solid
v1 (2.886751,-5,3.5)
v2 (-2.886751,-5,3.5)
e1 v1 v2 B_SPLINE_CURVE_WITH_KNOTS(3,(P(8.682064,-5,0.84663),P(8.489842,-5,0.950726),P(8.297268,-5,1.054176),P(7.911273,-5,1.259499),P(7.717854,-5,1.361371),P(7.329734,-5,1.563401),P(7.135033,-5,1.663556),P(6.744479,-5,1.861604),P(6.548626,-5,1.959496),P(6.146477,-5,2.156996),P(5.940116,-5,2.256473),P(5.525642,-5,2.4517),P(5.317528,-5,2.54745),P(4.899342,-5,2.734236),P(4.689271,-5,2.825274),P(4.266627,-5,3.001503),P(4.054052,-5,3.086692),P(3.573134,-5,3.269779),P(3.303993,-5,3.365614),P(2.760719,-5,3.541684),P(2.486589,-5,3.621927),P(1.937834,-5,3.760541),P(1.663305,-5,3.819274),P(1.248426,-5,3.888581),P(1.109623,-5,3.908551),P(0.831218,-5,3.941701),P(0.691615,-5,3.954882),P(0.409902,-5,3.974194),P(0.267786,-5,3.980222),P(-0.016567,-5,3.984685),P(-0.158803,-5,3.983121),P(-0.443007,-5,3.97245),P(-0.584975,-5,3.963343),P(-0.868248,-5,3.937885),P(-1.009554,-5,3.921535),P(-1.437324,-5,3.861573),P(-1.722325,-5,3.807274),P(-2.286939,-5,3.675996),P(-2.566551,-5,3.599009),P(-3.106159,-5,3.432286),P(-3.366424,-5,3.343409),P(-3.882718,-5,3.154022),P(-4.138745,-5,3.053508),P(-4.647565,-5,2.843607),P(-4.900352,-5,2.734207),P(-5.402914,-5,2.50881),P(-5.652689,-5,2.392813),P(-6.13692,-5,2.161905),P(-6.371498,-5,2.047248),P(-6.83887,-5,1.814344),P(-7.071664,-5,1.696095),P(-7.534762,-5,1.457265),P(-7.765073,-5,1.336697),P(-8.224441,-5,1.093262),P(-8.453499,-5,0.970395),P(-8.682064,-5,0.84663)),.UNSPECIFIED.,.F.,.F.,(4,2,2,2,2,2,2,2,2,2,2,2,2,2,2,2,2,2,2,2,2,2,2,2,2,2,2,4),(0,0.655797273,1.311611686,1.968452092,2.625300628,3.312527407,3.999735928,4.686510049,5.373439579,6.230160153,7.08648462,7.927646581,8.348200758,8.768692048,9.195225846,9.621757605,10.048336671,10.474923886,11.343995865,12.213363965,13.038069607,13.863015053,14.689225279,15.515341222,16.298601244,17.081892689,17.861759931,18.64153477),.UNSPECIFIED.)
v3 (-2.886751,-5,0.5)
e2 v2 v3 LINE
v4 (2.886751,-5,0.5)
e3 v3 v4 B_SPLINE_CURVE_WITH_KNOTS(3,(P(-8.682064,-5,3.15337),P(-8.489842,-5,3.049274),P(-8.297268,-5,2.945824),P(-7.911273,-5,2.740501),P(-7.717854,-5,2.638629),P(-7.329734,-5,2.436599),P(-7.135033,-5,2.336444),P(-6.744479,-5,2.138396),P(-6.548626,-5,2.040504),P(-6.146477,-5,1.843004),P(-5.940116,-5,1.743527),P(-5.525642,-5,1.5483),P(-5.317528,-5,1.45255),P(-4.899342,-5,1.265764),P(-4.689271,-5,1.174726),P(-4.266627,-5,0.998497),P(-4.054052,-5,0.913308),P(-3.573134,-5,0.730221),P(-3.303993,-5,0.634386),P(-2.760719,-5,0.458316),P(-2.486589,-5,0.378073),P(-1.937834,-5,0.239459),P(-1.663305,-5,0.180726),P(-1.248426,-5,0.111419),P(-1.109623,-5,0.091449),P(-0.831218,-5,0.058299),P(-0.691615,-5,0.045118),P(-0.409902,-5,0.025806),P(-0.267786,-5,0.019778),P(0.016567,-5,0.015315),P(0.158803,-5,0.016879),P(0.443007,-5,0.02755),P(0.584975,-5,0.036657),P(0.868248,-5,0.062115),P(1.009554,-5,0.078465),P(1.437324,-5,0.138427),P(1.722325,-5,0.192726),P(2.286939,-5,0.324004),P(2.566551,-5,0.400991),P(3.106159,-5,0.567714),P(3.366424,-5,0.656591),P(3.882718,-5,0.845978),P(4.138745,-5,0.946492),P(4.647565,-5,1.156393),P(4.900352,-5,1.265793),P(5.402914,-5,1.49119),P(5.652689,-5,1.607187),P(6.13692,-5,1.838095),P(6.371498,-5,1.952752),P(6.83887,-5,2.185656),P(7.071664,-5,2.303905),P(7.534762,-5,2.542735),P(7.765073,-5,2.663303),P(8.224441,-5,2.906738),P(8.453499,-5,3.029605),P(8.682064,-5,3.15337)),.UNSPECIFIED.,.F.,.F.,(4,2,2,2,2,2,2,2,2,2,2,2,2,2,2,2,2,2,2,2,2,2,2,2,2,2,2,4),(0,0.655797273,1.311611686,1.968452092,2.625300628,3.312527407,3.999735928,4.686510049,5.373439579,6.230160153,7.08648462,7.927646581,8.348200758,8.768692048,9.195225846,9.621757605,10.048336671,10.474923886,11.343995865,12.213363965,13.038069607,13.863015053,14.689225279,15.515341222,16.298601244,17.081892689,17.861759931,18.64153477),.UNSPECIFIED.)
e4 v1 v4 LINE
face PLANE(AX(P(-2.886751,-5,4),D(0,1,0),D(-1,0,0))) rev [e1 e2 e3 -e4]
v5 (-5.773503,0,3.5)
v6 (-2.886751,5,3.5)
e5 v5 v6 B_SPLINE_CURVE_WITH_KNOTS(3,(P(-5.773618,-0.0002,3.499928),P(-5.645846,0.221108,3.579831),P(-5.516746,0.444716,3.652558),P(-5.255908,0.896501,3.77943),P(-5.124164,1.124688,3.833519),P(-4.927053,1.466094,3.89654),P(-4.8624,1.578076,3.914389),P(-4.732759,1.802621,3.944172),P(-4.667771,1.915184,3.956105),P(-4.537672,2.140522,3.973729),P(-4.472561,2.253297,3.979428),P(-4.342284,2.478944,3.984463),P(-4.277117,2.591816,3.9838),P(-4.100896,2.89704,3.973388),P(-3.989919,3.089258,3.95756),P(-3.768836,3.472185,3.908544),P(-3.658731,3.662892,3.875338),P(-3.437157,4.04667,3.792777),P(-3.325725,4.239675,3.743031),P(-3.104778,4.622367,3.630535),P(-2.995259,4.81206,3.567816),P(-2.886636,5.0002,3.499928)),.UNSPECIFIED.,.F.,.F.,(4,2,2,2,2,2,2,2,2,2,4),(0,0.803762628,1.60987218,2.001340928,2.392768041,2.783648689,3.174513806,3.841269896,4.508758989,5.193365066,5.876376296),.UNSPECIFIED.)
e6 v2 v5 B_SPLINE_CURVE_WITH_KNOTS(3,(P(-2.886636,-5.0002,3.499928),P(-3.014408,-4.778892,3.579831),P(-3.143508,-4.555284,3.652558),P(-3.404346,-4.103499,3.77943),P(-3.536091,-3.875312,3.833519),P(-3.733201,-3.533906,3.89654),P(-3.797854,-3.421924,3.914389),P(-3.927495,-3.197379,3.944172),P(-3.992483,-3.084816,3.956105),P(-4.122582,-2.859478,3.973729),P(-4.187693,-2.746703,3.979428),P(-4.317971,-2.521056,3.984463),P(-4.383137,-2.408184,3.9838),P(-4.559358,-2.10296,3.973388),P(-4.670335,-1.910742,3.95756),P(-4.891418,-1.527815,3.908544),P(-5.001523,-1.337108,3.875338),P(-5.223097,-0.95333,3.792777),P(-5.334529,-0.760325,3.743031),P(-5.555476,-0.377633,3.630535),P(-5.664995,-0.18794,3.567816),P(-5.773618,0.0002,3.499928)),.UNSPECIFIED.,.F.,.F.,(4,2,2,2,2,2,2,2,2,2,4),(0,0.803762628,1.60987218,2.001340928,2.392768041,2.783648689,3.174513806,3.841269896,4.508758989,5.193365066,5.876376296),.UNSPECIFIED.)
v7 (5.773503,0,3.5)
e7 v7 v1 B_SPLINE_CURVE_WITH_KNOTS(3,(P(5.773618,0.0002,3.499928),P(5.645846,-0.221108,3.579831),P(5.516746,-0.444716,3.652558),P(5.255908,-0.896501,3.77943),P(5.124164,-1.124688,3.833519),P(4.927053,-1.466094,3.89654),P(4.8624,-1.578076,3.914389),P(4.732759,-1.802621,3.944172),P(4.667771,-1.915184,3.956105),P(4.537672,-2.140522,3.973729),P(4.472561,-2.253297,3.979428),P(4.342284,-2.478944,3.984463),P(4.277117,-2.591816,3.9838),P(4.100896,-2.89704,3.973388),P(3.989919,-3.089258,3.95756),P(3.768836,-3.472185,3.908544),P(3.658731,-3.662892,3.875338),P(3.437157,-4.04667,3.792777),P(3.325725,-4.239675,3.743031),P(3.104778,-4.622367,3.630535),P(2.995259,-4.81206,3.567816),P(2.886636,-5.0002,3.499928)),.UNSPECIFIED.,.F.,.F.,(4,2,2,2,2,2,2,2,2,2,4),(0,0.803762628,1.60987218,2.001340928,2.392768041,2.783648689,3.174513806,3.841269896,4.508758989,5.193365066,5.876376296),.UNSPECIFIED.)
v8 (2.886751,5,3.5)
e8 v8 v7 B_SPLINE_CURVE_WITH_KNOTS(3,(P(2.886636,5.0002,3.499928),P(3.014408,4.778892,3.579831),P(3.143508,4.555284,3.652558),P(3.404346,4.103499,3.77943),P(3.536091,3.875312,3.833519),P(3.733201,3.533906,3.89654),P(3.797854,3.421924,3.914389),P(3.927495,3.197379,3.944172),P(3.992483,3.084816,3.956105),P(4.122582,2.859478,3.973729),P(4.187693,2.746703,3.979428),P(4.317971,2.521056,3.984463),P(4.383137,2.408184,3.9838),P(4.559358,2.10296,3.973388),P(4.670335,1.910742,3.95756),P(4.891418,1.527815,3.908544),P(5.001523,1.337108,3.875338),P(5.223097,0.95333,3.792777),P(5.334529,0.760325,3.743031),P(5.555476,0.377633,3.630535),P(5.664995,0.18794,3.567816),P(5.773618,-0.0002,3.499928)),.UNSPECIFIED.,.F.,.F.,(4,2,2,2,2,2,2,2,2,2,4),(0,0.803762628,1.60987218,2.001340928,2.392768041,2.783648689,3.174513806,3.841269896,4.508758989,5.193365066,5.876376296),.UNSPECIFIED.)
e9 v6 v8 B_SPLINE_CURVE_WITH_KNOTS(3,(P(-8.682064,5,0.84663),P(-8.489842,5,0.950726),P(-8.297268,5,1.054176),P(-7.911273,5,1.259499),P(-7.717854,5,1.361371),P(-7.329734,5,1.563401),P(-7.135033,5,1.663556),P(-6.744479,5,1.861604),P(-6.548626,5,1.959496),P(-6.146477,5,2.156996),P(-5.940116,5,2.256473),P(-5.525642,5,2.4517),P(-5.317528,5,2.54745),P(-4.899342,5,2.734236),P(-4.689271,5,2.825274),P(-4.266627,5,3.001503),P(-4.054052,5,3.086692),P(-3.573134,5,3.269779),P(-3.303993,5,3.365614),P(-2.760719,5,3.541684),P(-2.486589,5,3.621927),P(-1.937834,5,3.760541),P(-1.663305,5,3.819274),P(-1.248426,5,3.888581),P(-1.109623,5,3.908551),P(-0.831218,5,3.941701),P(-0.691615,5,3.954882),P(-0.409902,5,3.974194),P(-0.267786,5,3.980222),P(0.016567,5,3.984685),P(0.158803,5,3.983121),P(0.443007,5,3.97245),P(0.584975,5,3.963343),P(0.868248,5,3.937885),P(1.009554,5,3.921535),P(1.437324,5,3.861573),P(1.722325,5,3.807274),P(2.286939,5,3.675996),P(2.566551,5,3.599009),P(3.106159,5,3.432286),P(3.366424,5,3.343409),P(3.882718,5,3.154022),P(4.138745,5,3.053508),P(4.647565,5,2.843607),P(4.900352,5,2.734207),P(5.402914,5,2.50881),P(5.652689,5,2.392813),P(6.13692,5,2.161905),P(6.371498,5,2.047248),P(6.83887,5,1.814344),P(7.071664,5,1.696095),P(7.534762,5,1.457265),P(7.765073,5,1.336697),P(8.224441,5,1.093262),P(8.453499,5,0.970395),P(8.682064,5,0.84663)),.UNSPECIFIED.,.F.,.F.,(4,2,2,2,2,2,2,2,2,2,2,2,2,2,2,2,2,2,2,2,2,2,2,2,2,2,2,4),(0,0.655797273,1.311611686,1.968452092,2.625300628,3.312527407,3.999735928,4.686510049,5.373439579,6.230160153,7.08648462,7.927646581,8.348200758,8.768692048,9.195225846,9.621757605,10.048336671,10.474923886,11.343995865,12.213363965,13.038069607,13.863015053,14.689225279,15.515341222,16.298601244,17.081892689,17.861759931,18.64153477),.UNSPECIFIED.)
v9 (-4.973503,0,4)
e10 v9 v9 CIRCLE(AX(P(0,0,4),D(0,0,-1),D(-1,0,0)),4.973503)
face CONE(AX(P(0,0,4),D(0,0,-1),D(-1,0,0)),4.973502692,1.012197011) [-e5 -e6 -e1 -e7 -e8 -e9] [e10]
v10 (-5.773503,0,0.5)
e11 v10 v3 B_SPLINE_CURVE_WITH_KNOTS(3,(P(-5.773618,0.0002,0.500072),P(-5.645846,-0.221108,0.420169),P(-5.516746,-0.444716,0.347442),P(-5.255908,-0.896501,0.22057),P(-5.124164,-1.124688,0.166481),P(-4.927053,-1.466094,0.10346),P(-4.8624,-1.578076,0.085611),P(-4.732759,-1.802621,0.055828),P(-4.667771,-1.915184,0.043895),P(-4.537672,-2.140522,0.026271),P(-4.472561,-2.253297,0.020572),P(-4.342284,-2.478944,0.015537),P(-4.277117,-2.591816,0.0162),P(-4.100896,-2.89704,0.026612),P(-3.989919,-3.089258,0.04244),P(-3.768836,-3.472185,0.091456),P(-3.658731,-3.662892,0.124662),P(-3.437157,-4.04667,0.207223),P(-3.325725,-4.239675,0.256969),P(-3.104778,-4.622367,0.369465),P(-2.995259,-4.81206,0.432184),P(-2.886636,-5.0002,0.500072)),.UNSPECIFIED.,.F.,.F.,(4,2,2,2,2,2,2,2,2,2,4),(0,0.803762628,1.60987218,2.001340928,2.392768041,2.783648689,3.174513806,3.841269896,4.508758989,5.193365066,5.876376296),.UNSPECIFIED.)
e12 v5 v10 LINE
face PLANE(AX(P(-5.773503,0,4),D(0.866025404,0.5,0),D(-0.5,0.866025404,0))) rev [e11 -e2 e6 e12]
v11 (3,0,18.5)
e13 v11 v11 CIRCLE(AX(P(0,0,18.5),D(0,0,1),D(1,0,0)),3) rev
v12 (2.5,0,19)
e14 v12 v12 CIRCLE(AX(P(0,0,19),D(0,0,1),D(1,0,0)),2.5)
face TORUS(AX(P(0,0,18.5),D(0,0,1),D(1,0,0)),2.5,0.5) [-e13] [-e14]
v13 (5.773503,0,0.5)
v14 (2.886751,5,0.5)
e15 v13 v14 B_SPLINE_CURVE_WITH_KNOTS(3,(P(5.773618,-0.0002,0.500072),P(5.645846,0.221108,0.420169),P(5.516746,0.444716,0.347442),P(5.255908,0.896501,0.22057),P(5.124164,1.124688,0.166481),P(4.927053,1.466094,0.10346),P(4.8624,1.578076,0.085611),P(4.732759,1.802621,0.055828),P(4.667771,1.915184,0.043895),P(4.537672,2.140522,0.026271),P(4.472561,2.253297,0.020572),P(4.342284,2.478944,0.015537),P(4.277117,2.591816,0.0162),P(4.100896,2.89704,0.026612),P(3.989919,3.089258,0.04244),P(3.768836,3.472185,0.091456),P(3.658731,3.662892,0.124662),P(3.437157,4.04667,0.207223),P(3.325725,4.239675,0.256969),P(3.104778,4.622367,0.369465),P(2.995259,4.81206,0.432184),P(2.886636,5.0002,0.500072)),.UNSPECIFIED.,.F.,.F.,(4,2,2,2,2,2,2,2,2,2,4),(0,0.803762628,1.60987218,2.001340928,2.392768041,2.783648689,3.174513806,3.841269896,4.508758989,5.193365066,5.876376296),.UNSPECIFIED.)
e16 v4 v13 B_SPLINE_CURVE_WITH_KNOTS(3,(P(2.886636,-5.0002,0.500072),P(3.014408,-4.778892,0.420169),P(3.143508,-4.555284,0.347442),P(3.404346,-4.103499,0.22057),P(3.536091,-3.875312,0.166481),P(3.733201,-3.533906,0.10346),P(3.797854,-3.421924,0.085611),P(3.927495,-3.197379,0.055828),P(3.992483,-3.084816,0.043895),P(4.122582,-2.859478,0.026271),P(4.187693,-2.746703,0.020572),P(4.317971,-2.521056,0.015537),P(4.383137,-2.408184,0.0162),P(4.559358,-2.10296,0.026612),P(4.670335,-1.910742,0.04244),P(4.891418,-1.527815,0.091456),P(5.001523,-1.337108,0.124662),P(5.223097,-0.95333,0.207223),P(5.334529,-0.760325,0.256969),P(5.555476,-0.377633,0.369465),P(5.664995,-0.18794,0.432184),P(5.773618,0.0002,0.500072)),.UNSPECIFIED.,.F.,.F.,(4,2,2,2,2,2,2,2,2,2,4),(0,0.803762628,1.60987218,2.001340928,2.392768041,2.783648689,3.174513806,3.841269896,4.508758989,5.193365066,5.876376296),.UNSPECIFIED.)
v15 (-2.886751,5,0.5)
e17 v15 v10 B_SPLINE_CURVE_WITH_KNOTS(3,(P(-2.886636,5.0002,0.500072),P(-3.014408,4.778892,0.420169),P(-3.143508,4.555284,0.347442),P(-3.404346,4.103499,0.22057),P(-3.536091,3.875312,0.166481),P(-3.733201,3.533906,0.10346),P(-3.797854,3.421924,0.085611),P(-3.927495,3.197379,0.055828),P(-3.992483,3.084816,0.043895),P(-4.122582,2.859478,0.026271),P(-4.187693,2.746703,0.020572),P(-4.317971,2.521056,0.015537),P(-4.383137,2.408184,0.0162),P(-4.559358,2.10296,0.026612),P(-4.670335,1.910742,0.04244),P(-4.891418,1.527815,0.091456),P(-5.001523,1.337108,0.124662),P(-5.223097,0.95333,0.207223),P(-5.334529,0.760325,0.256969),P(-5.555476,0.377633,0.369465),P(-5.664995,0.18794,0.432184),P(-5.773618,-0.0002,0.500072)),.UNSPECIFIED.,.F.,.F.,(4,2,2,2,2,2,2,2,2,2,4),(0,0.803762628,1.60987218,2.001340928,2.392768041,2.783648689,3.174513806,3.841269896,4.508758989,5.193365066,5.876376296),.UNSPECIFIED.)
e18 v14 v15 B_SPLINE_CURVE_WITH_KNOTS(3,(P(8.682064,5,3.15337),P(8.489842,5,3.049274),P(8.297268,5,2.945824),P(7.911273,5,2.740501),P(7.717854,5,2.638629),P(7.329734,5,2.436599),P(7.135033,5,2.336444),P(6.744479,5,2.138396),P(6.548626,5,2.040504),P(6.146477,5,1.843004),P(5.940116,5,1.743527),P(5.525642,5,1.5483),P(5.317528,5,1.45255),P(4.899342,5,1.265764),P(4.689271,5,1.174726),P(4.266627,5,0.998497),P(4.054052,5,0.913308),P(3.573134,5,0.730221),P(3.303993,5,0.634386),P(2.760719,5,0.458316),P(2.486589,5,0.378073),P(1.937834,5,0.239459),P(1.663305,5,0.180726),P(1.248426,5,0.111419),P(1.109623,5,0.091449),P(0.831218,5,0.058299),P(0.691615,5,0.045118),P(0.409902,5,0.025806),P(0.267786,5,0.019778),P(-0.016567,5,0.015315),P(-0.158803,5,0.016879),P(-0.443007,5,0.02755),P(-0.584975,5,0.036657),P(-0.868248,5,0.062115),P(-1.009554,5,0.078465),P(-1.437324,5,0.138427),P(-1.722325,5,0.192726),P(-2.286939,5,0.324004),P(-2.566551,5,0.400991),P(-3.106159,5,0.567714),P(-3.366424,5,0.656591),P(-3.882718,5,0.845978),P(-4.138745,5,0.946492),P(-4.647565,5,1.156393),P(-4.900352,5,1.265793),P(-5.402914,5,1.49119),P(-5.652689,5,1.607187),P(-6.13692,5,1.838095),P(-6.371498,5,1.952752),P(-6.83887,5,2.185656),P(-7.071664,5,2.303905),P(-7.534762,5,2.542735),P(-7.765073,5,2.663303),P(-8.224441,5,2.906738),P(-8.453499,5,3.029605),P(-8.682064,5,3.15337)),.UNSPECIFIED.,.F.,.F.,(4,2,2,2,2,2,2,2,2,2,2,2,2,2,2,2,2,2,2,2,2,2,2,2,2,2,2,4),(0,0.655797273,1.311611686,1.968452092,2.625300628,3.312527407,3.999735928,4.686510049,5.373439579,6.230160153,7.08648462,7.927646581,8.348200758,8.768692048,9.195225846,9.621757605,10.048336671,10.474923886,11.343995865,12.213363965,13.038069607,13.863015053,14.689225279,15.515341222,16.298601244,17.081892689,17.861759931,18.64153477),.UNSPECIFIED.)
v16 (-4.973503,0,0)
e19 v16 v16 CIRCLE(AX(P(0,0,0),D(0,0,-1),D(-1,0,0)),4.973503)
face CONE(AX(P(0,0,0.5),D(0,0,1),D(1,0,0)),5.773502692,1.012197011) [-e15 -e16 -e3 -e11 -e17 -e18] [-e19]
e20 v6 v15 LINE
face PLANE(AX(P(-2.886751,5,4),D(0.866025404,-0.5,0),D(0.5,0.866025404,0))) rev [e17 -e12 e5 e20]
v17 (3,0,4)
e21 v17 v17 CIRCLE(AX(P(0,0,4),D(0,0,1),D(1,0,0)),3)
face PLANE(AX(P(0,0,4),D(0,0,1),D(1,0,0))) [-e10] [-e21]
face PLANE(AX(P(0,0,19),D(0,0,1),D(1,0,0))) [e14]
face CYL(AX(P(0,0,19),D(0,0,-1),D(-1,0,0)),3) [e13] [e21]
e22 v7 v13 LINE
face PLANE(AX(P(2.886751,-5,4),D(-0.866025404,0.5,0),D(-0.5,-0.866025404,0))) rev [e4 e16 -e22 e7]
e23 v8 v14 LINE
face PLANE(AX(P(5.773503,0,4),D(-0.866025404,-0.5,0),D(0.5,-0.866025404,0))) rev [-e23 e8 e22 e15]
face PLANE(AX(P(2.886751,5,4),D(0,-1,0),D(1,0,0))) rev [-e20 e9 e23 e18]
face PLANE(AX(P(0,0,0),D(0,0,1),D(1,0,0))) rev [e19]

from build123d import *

# Parameters (mm, degrees)
Y_KSEKLIK_EKSTR_ZYON1_DEPTH = 4
IZIM2_R                     = 3
Y_KSEKLIK_EKSTR_ZYON2_DEPTH = 15
RADYUS1_R                   = 0.5


with BuildPart() as part:
    # Çizim1 → Yükseklik-Ekstrüzyon1 (new body)
    with BuildSketch(Plane.XY):
        Polygon((5.773502692, 0), (2.886751346, 5), (-2.886751346, 5), (-5.773502692, 0), (-2.886751346, -5), (2.886751346, -5), align=None)
    extrude(amount=Y_KSEKLIK_EKSTR_ZYON1_DEPTH)

    # Çizim2 → Yükseklik-Ekstrüzyon2 (add)
    with BuildSketch(Plane.XY.offset(4)):
        Circle(IZIM2_R)
    extrude(amount=Y_KSEKLIK_EKSTR_ZYON2_DEPTH)

    # Çizim3 → Kes-Döndür1 (revolve, cut)
    with BuildSketch(Plane(origin=(0, 0, 0), x_dir=(1, 0, 0), z_dir=(0, 1, 0))):
        Polygon((-5.773502692, 0), (-4.973502692, 0), (-5.773502692, -0.5), align=None)
        Polygon((-5.773502692, -4), (-5.773502692, -3.5), (-4.973502692, -4), align=None)
    revolve(axis=Axis((0, 0, 0), (0, 0, 1)), mode=Mode.SUBTRACT)

    # Radyus1
    radyus1_edges = [part.edges().sort_by_distance(p)[0] for p in [
        (-3, 0, 19),
    ]]
    fillet(radyus1_edges, radius=RADYUS1_R)


solid = part.part
